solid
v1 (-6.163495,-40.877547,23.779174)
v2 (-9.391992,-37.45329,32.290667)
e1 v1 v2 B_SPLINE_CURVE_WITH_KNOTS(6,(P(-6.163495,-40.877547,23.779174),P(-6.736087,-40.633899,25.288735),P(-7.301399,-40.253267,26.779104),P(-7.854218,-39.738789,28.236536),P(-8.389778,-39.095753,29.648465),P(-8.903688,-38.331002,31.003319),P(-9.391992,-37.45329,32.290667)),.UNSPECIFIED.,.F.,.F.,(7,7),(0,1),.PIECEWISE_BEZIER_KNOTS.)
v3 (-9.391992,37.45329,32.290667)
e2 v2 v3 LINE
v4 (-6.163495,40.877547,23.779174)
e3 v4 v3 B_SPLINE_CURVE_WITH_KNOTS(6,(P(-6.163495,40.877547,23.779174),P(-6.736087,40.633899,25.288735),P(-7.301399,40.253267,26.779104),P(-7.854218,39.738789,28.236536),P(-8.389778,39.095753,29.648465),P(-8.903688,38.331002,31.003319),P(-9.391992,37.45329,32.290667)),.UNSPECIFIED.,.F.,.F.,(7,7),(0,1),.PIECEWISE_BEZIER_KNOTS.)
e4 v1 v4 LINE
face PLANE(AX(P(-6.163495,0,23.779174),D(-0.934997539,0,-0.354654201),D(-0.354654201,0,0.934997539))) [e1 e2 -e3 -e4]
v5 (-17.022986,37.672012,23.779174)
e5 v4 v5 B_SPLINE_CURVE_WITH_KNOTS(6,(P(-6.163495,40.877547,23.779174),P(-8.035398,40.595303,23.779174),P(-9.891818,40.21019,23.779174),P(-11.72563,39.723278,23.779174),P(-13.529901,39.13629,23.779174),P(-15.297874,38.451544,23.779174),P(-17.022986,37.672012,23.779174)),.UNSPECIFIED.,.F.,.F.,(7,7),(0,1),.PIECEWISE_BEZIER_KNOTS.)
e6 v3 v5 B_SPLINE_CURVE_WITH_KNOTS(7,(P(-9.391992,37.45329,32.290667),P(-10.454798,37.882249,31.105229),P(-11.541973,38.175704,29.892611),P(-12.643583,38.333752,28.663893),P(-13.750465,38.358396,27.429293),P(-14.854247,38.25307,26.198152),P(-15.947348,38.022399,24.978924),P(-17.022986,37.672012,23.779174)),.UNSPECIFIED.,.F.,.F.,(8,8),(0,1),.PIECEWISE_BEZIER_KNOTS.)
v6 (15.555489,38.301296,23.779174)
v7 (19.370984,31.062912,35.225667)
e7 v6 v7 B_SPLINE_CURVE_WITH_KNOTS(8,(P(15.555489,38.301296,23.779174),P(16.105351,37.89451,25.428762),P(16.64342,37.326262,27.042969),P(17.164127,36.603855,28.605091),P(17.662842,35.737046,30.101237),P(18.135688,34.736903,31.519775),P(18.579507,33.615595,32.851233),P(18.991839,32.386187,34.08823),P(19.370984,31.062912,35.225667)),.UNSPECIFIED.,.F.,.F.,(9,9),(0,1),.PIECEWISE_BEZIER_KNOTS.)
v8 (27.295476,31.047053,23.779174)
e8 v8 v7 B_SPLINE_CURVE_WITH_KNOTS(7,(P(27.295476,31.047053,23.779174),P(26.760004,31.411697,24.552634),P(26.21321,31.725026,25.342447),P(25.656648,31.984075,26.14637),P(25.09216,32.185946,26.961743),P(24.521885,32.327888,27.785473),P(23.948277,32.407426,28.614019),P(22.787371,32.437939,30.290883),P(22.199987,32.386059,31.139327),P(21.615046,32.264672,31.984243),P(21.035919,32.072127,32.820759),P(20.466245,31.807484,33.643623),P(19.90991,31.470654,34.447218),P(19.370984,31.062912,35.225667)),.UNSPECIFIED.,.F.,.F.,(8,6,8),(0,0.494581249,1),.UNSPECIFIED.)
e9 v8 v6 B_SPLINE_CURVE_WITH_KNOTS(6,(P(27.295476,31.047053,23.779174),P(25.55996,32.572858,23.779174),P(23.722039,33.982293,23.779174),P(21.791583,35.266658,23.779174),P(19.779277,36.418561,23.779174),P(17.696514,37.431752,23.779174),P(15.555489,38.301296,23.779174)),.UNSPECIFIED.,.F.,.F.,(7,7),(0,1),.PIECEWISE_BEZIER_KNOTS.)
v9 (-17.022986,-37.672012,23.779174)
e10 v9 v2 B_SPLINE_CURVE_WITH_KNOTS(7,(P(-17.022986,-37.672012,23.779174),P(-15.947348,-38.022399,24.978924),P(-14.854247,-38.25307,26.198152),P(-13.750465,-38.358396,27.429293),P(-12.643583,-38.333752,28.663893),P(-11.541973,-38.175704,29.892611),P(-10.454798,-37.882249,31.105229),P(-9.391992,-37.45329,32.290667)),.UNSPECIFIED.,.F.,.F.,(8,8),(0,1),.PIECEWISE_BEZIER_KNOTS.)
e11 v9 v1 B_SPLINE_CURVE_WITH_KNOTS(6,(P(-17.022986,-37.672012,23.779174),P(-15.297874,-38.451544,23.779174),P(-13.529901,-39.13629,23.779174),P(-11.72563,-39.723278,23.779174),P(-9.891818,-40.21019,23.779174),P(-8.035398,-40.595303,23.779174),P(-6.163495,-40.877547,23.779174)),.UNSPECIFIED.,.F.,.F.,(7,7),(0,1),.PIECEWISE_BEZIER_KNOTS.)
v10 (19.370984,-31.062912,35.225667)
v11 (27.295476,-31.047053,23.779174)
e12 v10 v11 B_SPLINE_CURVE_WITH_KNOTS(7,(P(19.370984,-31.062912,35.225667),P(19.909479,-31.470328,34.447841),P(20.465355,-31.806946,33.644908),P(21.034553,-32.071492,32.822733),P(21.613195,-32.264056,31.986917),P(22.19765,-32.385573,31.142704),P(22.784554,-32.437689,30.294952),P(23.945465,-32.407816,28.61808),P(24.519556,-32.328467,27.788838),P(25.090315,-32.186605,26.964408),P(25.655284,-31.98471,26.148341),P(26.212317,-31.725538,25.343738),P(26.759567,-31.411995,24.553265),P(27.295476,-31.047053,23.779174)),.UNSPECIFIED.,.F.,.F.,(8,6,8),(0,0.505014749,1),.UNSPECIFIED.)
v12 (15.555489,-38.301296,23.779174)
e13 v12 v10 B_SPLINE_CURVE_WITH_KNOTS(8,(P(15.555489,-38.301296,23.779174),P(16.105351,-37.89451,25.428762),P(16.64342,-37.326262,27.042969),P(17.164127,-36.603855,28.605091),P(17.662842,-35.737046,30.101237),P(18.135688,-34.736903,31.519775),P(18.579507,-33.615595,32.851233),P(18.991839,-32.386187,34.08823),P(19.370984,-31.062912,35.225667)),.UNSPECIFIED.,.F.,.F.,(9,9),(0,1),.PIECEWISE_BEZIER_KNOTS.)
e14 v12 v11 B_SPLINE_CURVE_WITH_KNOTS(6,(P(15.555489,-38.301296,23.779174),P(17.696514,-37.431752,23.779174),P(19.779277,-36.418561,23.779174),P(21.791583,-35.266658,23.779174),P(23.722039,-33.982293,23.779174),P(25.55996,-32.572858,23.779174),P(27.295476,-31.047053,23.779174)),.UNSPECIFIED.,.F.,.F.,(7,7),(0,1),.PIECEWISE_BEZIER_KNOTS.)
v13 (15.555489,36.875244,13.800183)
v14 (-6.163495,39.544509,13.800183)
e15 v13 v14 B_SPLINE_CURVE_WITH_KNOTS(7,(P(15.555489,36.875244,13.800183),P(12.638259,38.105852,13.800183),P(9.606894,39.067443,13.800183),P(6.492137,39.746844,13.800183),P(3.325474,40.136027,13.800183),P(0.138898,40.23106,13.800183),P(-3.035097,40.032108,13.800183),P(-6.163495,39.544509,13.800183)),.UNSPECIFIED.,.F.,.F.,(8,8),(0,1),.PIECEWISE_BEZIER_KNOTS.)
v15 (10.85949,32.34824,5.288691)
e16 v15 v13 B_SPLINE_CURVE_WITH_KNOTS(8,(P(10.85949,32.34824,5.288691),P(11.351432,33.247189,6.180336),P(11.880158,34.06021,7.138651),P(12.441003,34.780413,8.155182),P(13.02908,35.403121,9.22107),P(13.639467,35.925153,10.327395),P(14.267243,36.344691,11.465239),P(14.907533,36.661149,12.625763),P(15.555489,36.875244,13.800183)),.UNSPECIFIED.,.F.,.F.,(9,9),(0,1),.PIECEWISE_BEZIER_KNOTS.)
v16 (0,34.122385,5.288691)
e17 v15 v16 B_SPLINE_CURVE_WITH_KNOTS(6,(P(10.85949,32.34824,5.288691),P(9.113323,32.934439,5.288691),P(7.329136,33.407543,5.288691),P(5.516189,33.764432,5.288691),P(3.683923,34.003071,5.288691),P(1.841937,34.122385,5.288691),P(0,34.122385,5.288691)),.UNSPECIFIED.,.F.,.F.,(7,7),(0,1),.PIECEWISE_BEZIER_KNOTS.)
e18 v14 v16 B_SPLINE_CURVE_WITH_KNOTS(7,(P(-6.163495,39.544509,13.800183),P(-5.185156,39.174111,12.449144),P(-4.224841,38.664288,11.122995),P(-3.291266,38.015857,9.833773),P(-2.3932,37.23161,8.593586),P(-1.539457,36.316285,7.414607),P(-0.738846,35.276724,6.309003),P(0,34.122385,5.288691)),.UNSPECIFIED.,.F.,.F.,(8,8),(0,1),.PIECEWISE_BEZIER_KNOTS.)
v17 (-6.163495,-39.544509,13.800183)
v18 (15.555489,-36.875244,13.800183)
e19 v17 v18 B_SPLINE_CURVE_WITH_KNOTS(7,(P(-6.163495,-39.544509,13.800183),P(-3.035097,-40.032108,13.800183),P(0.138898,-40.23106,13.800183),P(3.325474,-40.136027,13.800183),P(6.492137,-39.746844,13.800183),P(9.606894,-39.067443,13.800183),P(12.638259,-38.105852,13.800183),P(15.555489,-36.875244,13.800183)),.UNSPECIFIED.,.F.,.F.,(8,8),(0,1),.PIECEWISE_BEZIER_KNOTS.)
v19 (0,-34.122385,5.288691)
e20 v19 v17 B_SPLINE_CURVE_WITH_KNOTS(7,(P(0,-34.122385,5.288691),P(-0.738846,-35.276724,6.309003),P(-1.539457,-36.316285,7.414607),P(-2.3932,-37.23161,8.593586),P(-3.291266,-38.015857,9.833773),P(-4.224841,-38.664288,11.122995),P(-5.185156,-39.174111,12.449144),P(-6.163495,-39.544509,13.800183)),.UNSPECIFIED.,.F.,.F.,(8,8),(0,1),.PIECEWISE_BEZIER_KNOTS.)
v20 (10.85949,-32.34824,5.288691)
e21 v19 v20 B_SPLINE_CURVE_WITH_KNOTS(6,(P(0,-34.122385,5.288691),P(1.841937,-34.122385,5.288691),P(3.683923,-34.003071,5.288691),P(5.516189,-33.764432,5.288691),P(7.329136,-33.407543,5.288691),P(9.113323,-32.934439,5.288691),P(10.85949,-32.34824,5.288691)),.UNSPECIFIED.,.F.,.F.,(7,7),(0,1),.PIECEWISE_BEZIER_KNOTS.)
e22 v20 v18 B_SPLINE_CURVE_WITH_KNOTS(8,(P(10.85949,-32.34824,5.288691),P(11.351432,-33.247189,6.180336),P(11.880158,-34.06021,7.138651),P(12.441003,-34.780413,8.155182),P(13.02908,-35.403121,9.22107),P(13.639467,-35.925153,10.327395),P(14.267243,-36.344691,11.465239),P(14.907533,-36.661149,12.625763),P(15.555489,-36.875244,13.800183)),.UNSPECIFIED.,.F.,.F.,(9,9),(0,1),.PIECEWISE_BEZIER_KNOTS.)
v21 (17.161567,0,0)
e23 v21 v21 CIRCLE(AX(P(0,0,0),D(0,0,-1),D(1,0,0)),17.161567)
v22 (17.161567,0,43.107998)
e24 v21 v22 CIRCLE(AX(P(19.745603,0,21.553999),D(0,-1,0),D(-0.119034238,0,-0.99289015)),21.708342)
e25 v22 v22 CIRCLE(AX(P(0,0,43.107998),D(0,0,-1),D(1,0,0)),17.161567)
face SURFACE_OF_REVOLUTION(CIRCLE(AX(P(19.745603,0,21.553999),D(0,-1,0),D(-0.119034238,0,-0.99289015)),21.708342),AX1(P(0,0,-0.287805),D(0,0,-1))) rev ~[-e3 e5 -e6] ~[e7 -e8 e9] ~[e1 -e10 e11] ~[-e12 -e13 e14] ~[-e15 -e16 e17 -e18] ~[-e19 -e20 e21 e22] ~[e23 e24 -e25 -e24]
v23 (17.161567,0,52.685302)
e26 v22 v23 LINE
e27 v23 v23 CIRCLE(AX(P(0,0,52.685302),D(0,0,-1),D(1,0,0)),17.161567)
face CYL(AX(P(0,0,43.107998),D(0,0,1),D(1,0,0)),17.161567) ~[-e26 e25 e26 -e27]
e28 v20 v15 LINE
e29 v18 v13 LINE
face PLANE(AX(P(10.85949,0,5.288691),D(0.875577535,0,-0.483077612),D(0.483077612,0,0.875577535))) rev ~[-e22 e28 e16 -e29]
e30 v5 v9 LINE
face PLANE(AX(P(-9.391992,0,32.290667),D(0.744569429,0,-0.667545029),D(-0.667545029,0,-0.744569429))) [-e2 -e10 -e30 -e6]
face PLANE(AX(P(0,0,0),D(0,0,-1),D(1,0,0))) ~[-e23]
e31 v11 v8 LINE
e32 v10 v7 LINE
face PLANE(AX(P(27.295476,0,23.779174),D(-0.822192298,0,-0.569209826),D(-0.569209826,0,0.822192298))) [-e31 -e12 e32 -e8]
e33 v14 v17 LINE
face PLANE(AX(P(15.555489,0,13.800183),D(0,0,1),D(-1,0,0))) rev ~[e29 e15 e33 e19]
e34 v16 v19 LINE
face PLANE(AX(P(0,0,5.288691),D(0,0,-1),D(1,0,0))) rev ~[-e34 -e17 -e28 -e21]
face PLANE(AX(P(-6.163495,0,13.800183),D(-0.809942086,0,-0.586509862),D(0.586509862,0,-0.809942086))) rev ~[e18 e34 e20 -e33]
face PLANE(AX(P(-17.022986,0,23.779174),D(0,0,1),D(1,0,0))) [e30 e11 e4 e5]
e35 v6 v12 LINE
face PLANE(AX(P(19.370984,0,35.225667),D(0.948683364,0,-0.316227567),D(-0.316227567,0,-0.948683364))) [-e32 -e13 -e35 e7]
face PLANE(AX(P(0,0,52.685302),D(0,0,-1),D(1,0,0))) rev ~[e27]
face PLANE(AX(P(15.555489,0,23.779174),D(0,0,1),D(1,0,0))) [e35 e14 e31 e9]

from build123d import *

# Parameters (mm, degrees)
F4_DEPTH = 63.5


with BuildPart() as f2:
    # F1 (on Front) → F2 (revolve)
    with BuildSketch(Plane.XZ):
        with BuildLine():
            Line((0, 52.685302), (0, 0))
            Line((0, 0), (17.161567, 0))
            ThreePointArc((17.161567, 0), (41.453945, 21.553999), (17.161567, 43.107998))
            Line((17.161567, 43.107998), (17.161567, 52.685302))
            Line((17.161567, 52.685302), (0, 52.685302))
        make_face()
    revolve(axis=Axis((0, 0, -0.287805), (0, 0, -1)))

    # F3 (on Front) → F4 (cut, symmetric)
    with BuildSketch(Plane.XZ):
        Polygon((-9.391992, 32.290667), (-17.022986, 23.779174), (-6.163495, 23.779174), align=None)
        Polygon((19.370984, 35.225667), (15.555489, 23.779174), (27.295476, 23.779174), align=None)
        Polygon((15.555489, 13.800183), (-6.163495, 13.800183), (0, 5.288691), (10.85949, 5.288691), align=None)
    extrude(amount=F4_DEPTH, both=True, mode=Mode.SUBTRACT)


solid = f2.part
